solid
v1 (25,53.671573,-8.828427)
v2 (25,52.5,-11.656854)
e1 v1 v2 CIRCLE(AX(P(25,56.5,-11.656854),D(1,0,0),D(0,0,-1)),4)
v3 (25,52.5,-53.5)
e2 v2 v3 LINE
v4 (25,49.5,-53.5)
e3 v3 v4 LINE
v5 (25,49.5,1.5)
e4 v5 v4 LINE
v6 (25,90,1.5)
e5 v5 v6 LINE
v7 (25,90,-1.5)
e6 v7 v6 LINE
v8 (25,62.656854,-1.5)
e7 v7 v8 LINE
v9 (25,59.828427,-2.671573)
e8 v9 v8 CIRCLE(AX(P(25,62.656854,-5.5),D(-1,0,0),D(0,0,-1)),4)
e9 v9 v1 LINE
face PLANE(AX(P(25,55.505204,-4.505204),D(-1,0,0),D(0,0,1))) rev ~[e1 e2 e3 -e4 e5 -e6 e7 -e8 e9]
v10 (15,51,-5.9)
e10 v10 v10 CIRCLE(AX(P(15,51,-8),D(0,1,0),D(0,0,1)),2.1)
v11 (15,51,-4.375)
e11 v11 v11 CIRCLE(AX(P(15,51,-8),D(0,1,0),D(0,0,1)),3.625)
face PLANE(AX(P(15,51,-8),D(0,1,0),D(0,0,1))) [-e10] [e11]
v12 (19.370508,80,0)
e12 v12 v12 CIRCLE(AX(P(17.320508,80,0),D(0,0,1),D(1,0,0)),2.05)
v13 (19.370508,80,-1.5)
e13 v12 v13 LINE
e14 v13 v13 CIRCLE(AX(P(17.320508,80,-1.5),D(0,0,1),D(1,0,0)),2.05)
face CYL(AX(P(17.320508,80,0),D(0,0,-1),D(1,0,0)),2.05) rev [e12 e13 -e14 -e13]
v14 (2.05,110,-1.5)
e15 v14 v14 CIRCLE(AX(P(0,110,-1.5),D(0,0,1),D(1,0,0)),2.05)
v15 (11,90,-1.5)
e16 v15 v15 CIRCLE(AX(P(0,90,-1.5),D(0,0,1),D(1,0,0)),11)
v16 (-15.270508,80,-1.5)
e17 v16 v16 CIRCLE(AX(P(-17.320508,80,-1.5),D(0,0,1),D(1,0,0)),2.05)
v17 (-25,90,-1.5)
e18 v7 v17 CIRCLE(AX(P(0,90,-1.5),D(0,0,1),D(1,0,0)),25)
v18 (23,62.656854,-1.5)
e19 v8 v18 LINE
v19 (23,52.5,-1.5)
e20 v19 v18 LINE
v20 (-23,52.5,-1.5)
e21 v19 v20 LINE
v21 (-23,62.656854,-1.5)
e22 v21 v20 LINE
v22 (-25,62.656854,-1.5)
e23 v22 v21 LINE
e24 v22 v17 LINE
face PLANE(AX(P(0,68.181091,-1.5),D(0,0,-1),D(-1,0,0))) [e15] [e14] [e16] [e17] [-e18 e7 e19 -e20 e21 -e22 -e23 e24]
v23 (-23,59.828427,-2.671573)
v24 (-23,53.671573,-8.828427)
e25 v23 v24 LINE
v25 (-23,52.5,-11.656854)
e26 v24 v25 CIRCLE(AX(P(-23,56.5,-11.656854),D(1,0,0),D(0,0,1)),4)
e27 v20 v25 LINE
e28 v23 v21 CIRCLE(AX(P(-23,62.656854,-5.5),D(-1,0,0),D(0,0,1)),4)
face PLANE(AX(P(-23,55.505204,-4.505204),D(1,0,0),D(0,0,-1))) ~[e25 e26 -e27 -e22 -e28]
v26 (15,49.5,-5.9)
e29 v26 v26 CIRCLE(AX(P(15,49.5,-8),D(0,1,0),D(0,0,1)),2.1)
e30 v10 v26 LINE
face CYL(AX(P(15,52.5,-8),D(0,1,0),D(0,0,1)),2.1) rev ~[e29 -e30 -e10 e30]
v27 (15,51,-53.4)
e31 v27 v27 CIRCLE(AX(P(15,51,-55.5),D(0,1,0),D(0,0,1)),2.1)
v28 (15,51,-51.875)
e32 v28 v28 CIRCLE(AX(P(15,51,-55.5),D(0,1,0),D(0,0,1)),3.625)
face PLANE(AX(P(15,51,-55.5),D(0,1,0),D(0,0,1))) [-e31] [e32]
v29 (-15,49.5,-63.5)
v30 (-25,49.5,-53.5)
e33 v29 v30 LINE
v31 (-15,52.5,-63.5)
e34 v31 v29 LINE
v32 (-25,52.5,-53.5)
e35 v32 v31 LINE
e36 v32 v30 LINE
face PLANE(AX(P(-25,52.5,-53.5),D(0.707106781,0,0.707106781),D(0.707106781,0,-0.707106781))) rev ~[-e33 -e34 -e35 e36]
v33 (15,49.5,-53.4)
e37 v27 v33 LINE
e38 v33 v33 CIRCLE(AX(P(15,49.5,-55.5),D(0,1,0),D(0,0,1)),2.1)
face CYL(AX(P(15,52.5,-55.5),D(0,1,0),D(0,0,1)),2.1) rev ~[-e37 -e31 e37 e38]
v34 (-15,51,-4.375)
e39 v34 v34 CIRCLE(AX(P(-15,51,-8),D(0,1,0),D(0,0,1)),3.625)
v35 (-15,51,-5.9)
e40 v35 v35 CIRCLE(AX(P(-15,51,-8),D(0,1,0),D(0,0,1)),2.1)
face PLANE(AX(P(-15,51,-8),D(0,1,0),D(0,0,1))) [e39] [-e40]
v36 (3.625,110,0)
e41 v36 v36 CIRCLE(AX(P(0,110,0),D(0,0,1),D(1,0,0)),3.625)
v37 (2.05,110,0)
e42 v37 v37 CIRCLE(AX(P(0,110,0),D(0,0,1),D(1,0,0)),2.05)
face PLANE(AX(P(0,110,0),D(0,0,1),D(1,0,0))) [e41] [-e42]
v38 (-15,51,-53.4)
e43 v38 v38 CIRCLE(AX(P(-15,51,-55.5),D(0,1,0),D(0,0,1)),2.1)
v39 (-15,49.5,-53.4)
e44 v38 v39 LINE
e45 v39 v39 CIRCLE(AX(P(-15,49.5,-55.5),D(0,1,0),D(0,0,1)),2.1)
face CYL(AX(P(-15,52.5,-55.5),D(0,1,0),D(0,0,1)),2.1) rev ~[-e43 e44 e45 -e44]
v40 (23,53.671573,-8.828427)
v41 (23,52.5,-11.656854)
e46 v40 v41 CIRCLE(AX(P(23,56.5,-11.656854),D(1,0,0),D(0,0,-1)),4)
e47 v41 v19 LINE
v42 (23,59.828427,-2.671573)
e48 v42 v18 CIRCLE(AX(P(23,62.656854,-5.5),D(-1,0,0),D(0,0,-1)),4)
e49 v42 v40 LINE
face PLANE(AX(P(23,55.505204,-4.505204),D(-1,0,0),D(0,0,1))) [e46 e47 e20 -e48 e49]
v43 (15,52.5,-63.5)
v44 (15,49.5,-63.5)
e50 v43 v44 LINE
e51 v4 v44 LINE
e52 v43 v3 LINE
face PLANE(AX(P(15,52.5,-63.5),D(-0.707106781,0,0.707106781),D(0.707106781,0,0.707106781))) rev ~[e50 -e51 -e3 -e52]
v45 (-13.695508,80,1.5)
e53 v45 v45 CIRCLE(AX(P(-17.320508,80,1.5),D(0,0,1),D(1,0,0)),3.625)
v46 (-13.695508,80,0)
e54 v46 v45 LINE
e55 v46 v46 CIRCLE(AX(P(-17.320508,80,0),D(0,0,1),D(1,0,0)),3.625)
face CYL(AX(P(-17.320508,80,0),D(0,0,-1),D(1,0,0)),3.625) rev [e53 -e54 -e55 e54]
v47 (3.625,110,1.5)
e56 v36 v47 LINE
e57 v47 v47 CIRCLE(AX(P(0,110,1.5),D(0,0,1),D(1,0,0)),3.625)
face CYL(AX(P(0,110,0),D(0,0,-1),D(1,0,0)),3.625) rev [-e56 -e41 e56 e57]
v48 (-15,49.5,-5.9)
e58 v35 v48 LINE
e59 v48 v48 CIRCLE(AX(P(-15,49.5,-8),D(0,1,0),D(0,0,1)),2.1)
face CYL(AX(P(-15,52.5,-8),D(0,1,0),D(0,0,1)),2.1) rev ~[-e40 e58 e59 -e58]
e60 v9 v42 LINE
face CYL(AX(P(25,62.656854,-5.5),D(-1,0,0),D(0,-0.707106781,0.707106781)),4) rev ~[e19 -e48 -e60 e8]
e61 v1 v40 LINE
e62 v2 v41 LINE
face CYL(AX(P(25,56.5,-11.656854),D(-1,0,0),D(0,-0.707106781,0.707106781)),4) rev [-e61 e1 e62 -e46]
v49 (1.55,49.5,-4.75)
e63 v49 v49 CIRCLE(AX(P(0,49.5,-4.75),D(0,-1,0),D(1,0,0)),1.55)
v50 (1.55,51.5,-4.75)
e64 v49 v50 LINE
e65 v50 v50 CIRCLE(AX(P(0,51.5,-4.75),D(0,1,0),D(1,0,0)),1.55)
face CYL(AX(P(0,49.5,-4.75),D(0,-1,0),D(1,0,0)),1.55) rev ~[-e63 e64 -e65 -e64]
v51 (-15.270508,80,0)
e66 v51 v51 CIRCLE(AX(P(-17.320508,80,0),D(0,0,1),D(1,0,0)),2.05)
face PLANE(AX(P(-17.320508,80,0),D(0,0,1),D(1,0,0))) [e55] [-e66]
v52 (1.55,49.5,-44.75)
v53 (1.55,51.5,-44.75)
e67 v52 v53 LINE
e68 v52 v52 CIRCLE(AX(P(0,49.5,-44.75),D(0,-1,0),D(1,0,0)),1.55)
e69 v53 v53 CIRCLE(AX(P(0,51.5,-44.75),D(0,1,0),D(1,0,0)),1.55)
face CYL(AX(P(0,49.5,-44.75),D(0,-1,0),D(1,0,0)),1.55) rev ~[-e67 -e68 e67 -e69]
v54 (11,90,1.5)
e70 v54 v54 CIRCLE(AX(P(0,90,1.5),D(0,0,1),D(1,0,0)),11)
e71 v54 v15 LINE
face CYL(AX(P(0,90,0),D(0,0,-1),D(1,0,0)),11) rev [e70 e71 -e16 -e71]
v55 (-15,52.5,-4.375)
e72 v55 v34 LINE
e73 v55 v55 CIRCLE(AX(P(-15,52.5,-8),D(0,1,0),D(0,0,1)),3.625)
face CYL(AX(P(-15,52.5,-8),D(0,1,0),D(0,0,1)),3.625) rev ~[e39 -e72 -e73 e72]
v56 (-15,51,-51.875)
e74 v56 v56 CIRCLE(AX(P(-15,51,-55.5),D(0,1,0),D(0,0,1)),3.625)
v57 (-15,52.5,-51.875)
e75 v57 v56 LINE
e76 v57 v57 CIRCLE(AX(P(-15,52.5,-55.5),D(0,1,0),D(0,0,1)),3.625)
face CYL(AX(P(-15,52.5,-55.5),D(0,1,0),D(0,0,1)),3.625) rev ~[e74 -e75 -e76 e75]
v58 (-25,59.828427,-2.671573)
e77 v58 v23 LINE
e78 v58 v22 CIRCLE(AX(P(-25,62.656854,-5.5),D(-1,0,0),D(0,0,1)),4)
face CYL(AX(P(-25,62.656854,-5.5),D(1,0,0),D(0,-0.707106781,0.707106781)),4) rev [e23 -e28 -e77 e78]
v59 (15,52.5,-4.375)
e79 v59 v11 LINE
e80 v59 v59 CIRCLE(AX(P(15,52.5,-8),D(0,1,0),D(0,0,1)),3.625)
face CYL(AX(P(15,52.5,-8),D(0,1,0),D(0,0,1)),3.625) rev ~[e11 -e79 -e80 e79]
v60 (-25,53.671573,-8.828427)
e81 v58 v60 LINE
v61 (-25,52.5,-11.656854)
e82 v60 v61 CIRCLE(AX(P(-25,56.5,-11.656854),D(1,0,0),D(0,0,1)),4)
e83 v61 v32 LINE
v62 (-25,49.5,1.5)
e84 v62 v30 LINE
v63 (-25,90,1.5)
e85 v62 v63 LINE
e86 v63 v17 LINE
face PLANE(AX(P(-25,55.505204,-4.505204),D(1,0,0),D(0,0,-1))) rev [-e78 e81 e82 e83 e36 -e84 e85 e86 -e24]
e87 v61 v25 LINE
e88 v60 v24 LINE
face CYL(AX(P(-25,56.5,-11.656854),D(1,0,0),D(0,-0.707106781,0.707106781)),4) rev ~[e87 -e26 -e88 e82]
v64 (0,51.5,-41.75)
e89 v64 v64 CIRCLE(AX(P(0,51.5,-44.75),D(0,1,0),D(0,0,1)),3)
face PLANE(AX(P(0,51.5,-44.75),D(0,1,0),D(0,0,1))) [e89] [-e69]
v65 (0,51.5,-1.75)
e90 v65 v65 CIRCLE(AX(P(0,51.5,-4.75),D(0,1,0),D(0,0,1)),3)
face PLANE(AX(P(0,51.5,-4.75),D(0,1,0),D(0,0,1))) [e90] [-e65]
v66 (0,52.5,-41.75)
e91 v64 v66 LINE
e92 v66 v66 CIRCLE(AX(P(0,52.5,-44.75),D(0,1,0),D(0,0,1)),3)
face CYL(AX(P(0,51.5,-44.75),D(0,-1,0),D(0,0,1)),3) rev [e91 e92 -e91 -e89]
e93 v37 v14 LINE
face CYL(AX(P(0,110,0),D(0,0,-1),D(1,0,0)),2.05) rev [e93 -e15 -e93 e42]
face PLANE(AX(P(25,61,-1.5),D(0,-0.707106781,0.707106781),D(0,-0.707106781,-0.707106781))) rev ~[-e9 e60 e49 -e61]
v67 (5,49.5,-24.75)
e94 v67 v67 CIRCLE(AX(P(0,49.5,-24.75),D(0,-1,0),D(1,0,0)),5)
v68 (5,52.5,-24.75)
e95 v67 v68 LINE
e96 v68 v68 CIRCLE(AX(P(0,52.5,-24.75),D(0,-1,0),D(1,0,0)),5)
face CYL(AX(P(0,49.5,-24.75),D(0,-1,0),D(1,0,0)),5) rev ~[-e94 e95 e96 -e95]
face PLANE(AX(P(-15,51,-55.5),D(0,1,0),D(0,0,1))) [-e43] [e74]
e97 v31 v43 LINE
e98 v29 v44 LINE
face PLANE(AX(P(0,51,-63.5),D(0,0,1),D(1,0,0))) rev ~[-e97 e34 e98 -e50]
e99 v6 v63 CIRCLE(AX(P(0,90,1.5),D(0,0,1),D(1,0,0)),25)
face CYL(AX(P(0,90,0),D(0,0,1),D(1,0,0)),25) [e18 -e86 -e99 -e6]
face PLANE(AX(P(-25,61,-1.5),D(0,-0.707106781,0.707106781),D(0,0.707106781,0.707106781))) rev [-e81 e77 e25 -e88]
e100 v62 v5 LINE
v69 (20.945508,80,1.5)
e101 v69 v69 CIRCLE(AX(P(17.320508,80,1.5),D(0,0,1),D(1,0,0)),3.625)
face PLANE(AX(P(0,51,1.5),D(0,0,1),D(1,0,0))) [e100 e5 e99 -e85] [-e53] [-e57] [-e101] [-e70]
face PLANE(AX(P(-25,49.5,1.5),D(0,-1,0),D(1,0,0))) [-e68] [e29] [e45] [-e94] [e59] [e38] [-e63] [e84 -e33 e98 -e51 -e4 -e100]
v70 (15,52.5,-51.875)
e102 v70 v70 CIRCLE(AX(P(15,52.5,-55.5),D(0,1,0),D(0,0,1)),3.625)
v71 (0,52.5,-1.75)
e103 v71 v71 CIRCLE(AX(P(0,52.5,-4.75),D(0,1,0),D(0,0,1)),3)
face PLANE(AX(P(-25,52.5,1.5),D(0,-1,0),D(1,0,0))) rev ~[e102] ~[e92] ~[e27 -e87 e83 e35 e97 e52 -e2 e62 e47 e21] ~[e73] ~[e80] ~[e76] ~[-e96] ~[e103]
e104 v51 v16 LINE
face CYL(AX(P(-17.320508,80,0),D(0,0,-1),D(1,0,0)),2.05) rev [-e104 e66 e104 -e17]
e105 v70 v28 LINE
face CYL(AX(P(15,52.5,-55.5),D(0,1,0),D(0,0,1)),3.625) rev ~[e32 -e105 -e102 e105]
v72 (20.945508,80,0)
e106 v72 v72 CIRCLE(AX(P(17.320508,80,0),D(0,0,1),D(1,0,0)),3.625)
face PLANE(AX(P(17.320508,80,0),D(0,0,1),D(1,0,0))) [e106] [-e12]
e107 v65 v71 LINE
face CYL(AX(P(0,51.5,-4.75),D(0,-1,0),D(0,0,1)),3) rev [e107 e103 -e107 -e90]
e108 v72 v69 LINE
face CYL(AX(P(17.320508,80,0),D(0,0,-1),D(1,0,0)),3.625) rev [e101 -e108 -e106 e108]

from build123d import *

# Parameters (mm, degrees)
SKETCH_1_R             = 25
SKETCH_1_R_2           = 11
SKETCH_1_R_3           = 2.05
EXTRUDE_1_DEPTH        = 1.5
EXTRUDE_START          = -3
EXTRUDE_2_DEPTH        = 3
SKETCH_4_W             = 50
SKETCH_4_H             = 3
EXTRUDE_3_DEPTH        = 65
CUT_EXTRUDE_1_DEPTH    = 55
SKETCH_7_R             = 2.1
CUT_EXTRUDE_2_DEPTH    = 55
SKETCH_9_R             = 3.625
CUT_EXTRUDE_3_DEPTH    = 1.5
CUT_EXTRUDE_START      = -1.5
SKETCH_11_R            = 3.625
SKETCH_11_R_2          = 2.05
CUT_EXTRUDE_4_DEPTH    = 1.5
SKETCH_12_R            = 1.55
SKETCH_12_R_2          = 5
CUT_EXTRUDE_5_DEPTH    = 6.5
CUT_EXTRUDE_START_2    = -1
SKETCH_13_R            = 3
SKETCH_13_R_2          = 1.55
CUT_EXTRUDE_13_DEPTH   = 1
EXTRUDE_4_DEPTH        = 2
FILLET_1_R             = 4
FILLET_1_OF_MIRROR_1_R = 4


with BuildPart() as part:
    # 草图1 → 凸台-拉伸1 (new, symmetric)
    with BuildSketch(Plane.XY):
        with Locations((0, 90)):
            Circle(SKETCH_1_R)
        with Locations((0, 90)):
            Circle(SKETCH_1_R_2, mode=Mode.SUBTRACT)
        with Locations((0, 110)):
            Circle(SKETCH_1_R_3, mode=Mode.SUBTRACT)
        with Locations((17.320508076, 80)):
            Circle(SKETCH_1_R_3, mode=Mode.SUBTRACT)
        with Locations((-17.320508076, 80)):
            Circle(SKETCH_1_R_3, mode=Mode.SUBTRACT)
    extrude(amount=EXTRUDE_1_DEPTH, both=True)

    # 草图3 → 凸台-拉伸2 (add)
    with BuildSketch(Plane(origin=(0, 0, -1.5), x_dir=(-1, 0, 0), z_dir=(0, 0, -1)).offset(EXTRUDE_START)):
        with BuildLine():
            ThreePointArc((25, 90), (0, 65), (-25, 90))
            Line((-25, 90), (-25, 52.5))
            Line((-25, 52.5), (25, 52.5))
            Line((25, 52.5), (25, 90))
        make_face()
    extrude(amount=EXTRUDE_2_DEPTH)

    # 草图4 → 凸台-拉伸3 (add)
    with BuildSketch(Plane.XY.offset(1.5)):
        with Locations((0, 51)):
            Rectangle(SKETCH_4_W, SKETCH_4_H)
    extrude(amount=-EXTRUDE_3_DEPTH)

    # 草图6 → 切除-拉伸1 (cut)
    with BuildSketch(Plane(origin=(0, 52.5, 0), x_dir=(1, 0, 0), z_dir=(0, 1, 0))):
        Polygon((-25, 53.5), (-15, 63.5), (-25, 63.5), align=None)
        Polygon((25, 63.5), (15, 63.5), (25, 53.5), align=None)
    extrude(amount=-CUT_EXTRUDE_1_DEPTH, mode=Mode.SUBTRACT)

    # 草图7 → 切除-拉伸2 (cut)
    with BuildSketch(Plane(origin=(0, 52.5, 0), x_dir=(1, 0, 0), z_dir=(0, 1, 0))):
        with Locations(Location((-15, 55.5, 0), (0, 0, 270))):
            Circle(SKETCH_7_R)
        with Locations(Location((15, 55.5, 0), (0, 0, 270))):
            Circle(SKETCH_7_R)
        with Locations(Location((15, 8, 0), (0, 0, 270))):
            Circle(SKETCH_7_R)
        with Locations(Location((-15, 8, 0), (0, 0, 270))):
            Circle(SKETCH_7_R)
    extrude(amount=-CUT_EXTRUDE_2_DEPTH, mode=Mode.SUBTRACT)

    # 草图9 → 切除-拉伸3 (cut)
    with BuildSketch(Plane(origin=(0, 52.5, 0), x_dir=(1, 0, 0), z_dir=(0, 1, 0))):
        with Locations(Location((-15, 55.5, 0), (0, 0, 270))):
            Circle(SKETCH_9_R)
        with Locations(Location((15, 55.5, 0), (0, 0, 270))):
            Circle(SKETCH_9_R)
        with Locations(Location((15, 8, 0), (0, 0, 270))):
            Circle(SKETCH_9_R)
        with Locations(Location((-15, 8, 0), (0, 0, 270))):
            Circle(SKETCH_9_R)
    extrude(amount=-CUT_EXTRUDE_3_DEPTH, mode=Mode.SUBTRACT)

    # 草图11 → 切除-拉伸4 (cut)
    # profile 1 of 3: a face of its own
    with BuildSketch(Plane.XY.offset(1.5).offset(CUT_EXTRUDE_START)):
        with Locations((0, 110)):
            Circle(SKETCH_11_R)
        with Locations((0, 110)):
            Circle(SKETCH_11_R_2, mode=Mode.SUBTRACT)
    # profile 2 of 3: a face of its own
    with BuildSketch(Plane.XY.offset(1.5).offset(CUT_EXTRUDE_START)):
        with Locations((17.320508076, 80)):
            Circle(SKETCH_11_R)
        with Locations((17.320508076, 80)):
            Circle(SKETCH_11_R_2, mode=Mode.SUBTRACT)
    # profile 3 of 3: a face of its own
    with BuildSketch(Plane.XY.offset(1.5).offset(CUT_EXTRUDE_START)):
        with Locations((-17.320508076, 80)):
            Circle(SKETCH_11_R)
        with Locations((-17.320508076, 80)):
            Circle(SKETCH_11_R_2, mode=Mode.SUBTRACT)
    extrude(amount=CUT_EXTRUDE_4_DEPTH, mode=Mode.SUBTRACT)

    # 草图12 → 切除-拉伸5 (cut)
    with BuildSketch(Plane.XZ.offset(-49.5)):
        with Locations((0, -4.75)):
            Circle(SKETCH_12_R)
        with Locations((0, -44.75)):
            Circle(SKETCH_12_R)
        with Locations((0, -24.75)):
            Circle(SKETCH_12_R_2)
    extrude(amount=-CUT_EXTRUDE_5_DEPTH, mode=Mode.SUBTRACT)

    # 草图13 → 切除-拉伸13 (cut)
    # profile 1 of 2: a face of its own
    with BuildSketch(Plane(origin=(0, 52.5, 0), x_dir=(1, 0, 0), z_dir=(0, 1, 0)).offset(CUT_EXTRUDE_START_2)):
        with Locations(Location((0, 4.75, 0), (0, 0, 270))):
            Circle(SKETCH_13_R)
        with Locations((0, 4.75)):
            Circle(SKETCH_13_R_2, mode=Mode.SUBTRACT)
    # profile 2 of 2: a face of its own
    with BuildSketch(Plane(origin=(0, 52.5, 0), x_dir=(1, 0, 0), z_dir=(0, 1, 0)).offset(CUT_EXTRUDE_START_2)):
        with Locations(Location((0, 44.75, 0), (0, 0, 270))):
            Circle(SKETCH_13_R)
        with Locations((0, 44.75)):
            Circle(SKETCH_13_R_2, mode=Mode.SUBTRACT)
    extrude(amount=CUT_EXTRUDE_13_DEPTH, mode=Mode.SUBTRACT)

    # 草图14 → 凸台-拉伸4 (add)
    with BuildSketch(Plane(origin=(25, 0, 0), x_dir=(0, 0, -1), z_dir=(1, 0, 0))):
        Polygon((1.5, 61), (10, 52.5), (1.5, 52.5), align=None)
    extrude_4 = extrude(amount=-EXTRUDE_4_DEPTH)

    # 圆角1
    fillet_1_edges = [part.edges().sort_by_distance(p)[0] for p in [
        (24, 61, -1.5),
        (24, 52.5, -10),
    ]]
    fillet(fillet_1_edges, radius=FILLET_1_R)

    # 镜向1: 凸台-拉伸4 across plane
    add(extrude_4.mirror(Plane(origin=(0, 0, 0), x_dir=(0, 0, 1), z_dir=(1, 0, 0))))

    # 圆角1 of 镜向1
    fillet_1_of_mirror_1_edges = [part.edges().sort_by_distance(p)[0] for p in [
        (-24, 61, -1.5),
        (-24, 52.5, -10),
    ]]
    fillet(fillet_1_of_mirror_1_edges, radius=FILLET_1_OF_MIRROR_1_R)


solid = part.part
